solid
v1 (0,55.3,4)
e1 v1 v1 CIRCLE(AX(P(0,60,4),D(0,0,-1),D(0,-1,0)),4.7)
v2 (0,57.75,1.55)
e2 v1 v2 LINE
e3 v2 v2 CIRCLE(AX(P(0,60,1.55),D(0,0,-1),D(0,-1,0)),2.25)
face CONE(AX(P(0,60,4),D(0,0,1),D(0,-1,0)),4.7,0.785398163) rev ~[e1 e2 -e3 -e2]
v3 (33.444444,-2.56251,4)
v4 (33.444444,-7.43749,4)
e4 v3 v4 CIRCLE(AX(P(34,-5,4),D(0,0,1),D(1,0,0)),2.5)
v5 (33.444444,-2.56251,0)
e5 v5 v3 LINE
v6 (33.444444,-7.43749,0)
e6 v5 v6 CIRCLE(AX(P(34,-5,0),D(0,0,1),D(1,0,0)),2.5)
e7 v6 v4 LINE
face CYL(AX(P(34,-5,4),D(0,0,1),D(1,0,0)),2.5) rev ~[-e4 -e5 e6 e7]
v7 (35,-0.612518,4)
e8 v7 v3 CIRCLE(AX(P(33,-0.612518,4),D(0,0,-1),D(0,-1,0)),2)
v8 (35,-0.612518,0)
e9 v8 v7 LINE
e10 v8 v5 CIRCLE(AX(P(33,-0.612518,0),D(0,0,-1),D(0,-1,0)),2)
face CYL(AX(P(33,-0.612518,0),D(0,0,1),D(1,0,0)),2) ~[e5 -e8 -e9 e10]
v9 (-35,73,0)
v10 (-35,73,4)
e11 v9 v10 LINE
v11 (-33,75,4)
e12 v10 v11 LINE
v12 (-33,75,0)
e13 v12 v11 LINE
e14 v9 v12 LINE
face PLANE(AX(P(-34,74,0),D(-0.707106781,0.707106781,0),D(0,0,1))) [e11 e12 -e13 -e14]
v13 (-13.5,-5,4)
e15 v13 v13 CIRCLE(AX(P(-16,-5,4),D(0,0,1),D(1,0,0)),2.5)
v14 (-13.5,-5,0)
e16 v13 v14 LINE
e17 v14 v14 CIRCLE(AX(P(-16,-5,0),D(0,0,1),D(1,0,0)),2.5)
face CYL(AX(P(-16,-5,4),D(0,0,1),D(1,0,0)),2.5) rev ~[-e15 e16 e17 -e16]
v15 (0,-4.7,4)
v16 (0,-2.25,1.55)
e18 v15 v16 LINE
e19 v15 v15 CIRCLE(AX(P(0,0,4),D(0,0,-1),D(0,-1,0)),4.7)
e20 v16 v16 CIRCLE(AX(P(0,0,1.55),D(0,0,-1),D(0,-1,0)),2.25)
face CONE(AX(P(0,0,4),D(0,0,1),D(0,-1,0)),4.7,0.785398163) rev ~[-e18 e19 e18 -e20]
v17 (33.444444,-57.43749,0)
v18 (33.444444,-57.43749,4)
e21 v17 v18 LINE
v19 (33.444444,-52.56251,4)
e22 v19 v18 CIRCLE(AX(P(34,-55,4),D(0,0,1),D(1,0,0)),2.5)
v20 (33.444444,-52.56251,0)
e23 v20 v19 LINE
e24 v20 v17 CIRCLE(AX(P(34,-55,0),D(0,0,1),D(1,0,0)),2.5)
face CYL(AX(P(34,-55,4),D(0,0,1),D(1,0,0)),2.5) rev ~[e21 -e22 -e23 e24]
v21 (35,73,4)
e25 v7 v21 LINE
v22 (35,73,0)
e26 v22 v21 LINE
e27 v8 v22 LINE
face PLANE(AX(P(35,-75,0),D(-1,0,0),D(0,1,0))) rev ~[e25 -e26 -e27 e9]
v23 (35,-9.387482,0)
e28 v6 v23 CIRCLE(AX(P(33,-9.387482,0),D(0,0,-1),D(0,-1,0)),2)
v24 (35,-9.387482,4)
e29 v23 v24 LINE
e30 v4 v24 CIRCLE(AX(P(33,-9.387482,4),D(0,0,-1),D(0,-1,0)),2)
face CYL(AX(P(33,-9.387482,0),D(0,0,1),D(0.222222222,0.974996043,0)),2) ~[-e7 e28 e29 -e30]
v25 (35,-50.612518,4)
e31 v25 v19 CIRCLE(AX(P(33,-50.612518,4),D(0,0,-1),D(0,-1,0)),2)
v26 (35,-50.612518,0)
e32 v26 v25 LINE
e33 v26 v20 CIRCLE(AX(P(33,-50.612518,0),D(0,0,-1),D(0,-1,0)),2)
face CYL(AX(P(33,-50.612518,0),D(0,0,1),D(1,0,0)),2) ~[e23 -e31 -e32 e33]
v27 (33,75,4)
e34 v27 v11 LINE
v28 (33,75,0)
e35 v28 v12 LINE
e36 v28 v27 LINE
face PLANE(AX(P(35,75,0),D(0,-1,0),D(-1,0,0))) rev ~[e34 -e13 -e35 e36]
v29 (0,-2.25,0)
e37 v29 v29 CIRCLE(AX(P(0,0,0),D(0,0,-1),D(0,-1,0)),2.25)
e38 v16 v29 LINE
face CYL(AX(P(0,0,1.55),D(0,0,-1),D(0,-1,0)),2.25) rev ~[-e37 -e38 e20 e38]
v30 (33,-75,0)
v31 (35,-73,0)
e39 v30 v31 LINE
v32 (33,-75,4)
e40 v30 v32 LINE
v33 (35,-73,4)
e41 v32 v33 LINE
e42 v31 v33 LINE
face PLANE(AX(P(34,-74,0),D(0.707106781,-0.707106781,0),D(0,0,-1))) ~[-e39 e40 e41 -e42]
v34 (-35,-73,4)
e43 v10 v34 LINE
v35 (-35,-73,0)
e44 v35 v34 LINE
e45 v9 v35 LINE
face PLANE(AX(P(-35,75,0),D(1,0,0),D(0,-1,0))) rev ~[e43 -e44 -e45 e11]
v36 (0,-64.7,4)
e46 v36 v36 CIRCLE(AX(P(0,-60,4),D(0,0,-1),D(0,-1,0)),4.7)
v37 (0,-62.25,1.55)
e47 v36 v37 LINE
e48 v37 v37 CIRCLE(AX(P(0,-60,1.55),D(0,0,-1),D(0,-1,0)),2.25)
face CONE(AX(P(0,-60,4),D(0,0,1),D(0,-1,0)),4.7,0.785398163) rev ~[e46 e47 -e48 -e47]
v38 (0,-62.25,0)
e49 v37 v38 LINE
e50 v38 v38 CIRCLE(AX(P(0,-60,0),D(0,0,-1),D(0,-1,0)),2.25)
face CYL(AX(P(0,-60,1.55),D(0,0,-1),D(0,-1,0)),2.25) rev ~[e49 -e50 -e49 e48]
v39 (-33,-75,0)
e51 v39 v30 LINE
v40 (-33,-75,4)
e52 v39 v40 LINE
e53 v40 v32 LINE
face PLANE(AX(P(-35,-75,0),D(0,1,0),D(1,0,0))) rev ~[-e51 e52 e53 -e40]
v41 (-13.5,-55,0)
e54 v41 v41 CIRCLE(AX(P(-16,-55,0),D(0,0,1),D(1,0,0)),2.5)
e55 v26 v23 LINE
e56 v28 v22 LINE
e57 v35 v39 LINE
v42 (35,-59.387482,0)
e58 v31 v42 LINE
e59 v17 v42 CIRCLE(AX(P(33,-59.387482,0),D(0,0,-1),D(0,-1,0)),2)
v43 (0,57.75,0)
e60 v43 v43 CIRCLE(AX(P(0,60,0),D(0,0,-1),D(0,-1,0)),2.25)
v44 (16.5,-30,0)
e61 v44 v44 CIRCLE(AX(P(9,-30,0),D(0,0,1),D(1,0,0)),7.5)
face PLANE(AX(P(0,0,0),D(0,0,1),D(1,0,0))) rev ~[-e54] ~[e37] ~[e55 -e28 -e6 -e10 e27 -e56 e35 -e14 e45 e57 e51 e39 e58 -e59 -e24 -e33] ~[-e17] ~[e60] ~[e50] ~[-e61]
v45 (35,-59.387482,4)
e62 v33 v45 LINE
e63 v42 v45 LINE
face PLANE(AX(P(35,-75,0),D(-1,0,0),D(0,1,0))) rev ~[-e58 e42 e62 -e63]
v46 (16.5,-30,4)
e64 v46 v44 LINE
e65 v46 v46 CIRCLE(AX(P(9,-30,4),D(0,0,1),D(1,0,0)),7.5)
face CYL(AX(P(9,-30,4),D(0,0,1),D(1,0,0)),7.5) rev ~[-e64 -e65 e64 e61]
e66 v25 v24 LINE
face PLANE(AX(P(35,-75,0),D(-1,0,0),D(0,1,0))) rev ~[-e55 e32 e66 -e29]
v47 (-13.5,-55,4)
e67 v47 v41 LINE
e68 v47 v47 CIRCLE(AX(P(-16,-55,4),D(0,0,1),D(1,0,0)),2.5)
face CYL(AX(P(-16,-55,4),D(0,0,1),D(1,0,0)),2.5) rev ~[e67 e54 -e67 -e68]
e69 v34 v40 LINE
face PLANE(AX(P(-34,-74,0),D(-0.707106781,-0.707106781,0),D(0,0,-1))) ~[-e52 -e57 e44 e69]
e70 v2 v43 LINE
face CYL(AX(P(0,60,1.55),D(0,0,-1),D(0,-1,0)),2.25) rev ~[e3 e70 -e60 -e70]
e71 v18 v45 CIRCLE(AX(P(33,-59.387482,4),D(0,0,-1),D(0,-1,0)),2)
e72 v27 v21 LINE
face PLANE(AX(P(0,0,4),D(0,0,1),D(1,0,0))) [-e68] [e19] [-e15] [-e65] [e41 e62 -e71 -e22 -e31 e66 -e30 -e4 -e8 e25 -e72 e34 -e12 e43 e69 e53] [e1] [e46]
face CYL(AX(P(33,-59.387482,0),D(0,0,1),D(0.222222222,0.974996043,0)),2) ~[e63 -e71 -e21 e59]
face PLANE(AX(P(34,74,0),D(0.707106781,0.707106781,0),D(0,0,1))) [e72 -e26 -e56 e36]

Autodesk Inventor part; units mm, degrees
ref_plane "YZ Plane" through (0, 0, 0) normal (1, 0, 0) x (0, 1, 0)
ref_plane "XZ Plane" through (0, 0, 0) normal (0, 1, 0) x (-1, 0, 0)
ref_plane "XY Plane" through (0, 0, 0) normal (0, 0, 1) x (1, 0, 0)
sketch "Esboço1" plane through (0, 0, 0) normal (0, 0, 1) x (1, 0, 0)
  line L0 (-35, -75) -> (35, -75)
  line L1 (35, -75) -> (35, 75)
  line L2 (35, 75) -> (-35, 75)
  line L3 (-35, 75) -> (-35, -75)
  line L4 (-35, -75) -> (35, 75) construction
  line L5 (35, -75) -> (-35, 75) construction
  point P0 (0, 0)
  dimension "d0" = 150
  dimension "d1" = 70
extrude "Extrusão1" add sketch "Esboço1" along normal blind 4
sketch "Esboço2" plane through (0, 0, 4) normal (0, 0, 1) x (1, 0, 0)
  line L0 (35, 75) -> (-35, 75) projected
  line L1 (-35, -75) -> (35, -75) projected
  line L2 (-35, 75) -> (-35, -75) projected
  point P0 (0, 0)
  point P1 (0, 60)
  point P2 (0, -60)
  point P3 (0, 0)
  dimension "d4" = 15
  dimension "d5" = 15
  dimension "d6" = 35
  dimension "d7" = 35
hole "Furo1" at (0, 60, 4) at (0, -60, 4) at (0, 0, 4) direction (0, 0, -1) diameter 4.5 end through all countersink diameter 9.4 countersink angle 90 clearance for "Countersunk Flat Head Screw ISO 2009/7046" size "M4" standard "ISO"
chamfer "Chanfro1" distance 2 angle 45 4 edges at (35, -75, 2) (-35, -75, 2) (35, 75, 2) (-35, 75, 2)
sketch "Esboço3" plane through (0, 0, 4) normal (0, 0, 1) x (1, 0, 0)
  circle A0 centre (34, -55) radius 1.5706 projected
  circle A1 centre (34, -5) radius 1.5706 projected
  circle A2 centre (-16, -55) radius 3.8 construction
  circle A3 centre (-16, -55) radius 2.2 construction
  circle A4 centre (-16, -5) radius 3.8 construction
  circle A5 centre (34, -55) radius 2.5
  circle A6 centre (34, -5) radius 2.5
  circle A7 centre (-16, -55) radius 2.5
  circle A8 centre (-16, -5) radius 2.5
  point P0 (0, 0)
  dimension "d18" = 5
extrude "Extrusão2" cut sketch "Esboço3" against normal blind 10 contours A0 | A1 | A5 | A6 | A7 | A8
fillet "Arredondamento1" radius 2 4 edges at (35, -2.7087, 2) (35, -7.2913, 2) (35, -52.7087, 2) (35, -57.2913, 2)
sketch "Esboço4" plane through (0, 0, 4) normal (0, 0, 1) x (1, 0, 0)
  circle A0 centre (9, -30) radius 5.5 projected
  circle A1 centre (9, -30) radius 7.5
  point P0 (0, 0)
  dimension "d22" = 15
extrude "Extrusão3" cut sketch "Esboço4" against normal through all contours A0 | A1
properties part number "Espaçador módulo AC" material "Poliacetal"
